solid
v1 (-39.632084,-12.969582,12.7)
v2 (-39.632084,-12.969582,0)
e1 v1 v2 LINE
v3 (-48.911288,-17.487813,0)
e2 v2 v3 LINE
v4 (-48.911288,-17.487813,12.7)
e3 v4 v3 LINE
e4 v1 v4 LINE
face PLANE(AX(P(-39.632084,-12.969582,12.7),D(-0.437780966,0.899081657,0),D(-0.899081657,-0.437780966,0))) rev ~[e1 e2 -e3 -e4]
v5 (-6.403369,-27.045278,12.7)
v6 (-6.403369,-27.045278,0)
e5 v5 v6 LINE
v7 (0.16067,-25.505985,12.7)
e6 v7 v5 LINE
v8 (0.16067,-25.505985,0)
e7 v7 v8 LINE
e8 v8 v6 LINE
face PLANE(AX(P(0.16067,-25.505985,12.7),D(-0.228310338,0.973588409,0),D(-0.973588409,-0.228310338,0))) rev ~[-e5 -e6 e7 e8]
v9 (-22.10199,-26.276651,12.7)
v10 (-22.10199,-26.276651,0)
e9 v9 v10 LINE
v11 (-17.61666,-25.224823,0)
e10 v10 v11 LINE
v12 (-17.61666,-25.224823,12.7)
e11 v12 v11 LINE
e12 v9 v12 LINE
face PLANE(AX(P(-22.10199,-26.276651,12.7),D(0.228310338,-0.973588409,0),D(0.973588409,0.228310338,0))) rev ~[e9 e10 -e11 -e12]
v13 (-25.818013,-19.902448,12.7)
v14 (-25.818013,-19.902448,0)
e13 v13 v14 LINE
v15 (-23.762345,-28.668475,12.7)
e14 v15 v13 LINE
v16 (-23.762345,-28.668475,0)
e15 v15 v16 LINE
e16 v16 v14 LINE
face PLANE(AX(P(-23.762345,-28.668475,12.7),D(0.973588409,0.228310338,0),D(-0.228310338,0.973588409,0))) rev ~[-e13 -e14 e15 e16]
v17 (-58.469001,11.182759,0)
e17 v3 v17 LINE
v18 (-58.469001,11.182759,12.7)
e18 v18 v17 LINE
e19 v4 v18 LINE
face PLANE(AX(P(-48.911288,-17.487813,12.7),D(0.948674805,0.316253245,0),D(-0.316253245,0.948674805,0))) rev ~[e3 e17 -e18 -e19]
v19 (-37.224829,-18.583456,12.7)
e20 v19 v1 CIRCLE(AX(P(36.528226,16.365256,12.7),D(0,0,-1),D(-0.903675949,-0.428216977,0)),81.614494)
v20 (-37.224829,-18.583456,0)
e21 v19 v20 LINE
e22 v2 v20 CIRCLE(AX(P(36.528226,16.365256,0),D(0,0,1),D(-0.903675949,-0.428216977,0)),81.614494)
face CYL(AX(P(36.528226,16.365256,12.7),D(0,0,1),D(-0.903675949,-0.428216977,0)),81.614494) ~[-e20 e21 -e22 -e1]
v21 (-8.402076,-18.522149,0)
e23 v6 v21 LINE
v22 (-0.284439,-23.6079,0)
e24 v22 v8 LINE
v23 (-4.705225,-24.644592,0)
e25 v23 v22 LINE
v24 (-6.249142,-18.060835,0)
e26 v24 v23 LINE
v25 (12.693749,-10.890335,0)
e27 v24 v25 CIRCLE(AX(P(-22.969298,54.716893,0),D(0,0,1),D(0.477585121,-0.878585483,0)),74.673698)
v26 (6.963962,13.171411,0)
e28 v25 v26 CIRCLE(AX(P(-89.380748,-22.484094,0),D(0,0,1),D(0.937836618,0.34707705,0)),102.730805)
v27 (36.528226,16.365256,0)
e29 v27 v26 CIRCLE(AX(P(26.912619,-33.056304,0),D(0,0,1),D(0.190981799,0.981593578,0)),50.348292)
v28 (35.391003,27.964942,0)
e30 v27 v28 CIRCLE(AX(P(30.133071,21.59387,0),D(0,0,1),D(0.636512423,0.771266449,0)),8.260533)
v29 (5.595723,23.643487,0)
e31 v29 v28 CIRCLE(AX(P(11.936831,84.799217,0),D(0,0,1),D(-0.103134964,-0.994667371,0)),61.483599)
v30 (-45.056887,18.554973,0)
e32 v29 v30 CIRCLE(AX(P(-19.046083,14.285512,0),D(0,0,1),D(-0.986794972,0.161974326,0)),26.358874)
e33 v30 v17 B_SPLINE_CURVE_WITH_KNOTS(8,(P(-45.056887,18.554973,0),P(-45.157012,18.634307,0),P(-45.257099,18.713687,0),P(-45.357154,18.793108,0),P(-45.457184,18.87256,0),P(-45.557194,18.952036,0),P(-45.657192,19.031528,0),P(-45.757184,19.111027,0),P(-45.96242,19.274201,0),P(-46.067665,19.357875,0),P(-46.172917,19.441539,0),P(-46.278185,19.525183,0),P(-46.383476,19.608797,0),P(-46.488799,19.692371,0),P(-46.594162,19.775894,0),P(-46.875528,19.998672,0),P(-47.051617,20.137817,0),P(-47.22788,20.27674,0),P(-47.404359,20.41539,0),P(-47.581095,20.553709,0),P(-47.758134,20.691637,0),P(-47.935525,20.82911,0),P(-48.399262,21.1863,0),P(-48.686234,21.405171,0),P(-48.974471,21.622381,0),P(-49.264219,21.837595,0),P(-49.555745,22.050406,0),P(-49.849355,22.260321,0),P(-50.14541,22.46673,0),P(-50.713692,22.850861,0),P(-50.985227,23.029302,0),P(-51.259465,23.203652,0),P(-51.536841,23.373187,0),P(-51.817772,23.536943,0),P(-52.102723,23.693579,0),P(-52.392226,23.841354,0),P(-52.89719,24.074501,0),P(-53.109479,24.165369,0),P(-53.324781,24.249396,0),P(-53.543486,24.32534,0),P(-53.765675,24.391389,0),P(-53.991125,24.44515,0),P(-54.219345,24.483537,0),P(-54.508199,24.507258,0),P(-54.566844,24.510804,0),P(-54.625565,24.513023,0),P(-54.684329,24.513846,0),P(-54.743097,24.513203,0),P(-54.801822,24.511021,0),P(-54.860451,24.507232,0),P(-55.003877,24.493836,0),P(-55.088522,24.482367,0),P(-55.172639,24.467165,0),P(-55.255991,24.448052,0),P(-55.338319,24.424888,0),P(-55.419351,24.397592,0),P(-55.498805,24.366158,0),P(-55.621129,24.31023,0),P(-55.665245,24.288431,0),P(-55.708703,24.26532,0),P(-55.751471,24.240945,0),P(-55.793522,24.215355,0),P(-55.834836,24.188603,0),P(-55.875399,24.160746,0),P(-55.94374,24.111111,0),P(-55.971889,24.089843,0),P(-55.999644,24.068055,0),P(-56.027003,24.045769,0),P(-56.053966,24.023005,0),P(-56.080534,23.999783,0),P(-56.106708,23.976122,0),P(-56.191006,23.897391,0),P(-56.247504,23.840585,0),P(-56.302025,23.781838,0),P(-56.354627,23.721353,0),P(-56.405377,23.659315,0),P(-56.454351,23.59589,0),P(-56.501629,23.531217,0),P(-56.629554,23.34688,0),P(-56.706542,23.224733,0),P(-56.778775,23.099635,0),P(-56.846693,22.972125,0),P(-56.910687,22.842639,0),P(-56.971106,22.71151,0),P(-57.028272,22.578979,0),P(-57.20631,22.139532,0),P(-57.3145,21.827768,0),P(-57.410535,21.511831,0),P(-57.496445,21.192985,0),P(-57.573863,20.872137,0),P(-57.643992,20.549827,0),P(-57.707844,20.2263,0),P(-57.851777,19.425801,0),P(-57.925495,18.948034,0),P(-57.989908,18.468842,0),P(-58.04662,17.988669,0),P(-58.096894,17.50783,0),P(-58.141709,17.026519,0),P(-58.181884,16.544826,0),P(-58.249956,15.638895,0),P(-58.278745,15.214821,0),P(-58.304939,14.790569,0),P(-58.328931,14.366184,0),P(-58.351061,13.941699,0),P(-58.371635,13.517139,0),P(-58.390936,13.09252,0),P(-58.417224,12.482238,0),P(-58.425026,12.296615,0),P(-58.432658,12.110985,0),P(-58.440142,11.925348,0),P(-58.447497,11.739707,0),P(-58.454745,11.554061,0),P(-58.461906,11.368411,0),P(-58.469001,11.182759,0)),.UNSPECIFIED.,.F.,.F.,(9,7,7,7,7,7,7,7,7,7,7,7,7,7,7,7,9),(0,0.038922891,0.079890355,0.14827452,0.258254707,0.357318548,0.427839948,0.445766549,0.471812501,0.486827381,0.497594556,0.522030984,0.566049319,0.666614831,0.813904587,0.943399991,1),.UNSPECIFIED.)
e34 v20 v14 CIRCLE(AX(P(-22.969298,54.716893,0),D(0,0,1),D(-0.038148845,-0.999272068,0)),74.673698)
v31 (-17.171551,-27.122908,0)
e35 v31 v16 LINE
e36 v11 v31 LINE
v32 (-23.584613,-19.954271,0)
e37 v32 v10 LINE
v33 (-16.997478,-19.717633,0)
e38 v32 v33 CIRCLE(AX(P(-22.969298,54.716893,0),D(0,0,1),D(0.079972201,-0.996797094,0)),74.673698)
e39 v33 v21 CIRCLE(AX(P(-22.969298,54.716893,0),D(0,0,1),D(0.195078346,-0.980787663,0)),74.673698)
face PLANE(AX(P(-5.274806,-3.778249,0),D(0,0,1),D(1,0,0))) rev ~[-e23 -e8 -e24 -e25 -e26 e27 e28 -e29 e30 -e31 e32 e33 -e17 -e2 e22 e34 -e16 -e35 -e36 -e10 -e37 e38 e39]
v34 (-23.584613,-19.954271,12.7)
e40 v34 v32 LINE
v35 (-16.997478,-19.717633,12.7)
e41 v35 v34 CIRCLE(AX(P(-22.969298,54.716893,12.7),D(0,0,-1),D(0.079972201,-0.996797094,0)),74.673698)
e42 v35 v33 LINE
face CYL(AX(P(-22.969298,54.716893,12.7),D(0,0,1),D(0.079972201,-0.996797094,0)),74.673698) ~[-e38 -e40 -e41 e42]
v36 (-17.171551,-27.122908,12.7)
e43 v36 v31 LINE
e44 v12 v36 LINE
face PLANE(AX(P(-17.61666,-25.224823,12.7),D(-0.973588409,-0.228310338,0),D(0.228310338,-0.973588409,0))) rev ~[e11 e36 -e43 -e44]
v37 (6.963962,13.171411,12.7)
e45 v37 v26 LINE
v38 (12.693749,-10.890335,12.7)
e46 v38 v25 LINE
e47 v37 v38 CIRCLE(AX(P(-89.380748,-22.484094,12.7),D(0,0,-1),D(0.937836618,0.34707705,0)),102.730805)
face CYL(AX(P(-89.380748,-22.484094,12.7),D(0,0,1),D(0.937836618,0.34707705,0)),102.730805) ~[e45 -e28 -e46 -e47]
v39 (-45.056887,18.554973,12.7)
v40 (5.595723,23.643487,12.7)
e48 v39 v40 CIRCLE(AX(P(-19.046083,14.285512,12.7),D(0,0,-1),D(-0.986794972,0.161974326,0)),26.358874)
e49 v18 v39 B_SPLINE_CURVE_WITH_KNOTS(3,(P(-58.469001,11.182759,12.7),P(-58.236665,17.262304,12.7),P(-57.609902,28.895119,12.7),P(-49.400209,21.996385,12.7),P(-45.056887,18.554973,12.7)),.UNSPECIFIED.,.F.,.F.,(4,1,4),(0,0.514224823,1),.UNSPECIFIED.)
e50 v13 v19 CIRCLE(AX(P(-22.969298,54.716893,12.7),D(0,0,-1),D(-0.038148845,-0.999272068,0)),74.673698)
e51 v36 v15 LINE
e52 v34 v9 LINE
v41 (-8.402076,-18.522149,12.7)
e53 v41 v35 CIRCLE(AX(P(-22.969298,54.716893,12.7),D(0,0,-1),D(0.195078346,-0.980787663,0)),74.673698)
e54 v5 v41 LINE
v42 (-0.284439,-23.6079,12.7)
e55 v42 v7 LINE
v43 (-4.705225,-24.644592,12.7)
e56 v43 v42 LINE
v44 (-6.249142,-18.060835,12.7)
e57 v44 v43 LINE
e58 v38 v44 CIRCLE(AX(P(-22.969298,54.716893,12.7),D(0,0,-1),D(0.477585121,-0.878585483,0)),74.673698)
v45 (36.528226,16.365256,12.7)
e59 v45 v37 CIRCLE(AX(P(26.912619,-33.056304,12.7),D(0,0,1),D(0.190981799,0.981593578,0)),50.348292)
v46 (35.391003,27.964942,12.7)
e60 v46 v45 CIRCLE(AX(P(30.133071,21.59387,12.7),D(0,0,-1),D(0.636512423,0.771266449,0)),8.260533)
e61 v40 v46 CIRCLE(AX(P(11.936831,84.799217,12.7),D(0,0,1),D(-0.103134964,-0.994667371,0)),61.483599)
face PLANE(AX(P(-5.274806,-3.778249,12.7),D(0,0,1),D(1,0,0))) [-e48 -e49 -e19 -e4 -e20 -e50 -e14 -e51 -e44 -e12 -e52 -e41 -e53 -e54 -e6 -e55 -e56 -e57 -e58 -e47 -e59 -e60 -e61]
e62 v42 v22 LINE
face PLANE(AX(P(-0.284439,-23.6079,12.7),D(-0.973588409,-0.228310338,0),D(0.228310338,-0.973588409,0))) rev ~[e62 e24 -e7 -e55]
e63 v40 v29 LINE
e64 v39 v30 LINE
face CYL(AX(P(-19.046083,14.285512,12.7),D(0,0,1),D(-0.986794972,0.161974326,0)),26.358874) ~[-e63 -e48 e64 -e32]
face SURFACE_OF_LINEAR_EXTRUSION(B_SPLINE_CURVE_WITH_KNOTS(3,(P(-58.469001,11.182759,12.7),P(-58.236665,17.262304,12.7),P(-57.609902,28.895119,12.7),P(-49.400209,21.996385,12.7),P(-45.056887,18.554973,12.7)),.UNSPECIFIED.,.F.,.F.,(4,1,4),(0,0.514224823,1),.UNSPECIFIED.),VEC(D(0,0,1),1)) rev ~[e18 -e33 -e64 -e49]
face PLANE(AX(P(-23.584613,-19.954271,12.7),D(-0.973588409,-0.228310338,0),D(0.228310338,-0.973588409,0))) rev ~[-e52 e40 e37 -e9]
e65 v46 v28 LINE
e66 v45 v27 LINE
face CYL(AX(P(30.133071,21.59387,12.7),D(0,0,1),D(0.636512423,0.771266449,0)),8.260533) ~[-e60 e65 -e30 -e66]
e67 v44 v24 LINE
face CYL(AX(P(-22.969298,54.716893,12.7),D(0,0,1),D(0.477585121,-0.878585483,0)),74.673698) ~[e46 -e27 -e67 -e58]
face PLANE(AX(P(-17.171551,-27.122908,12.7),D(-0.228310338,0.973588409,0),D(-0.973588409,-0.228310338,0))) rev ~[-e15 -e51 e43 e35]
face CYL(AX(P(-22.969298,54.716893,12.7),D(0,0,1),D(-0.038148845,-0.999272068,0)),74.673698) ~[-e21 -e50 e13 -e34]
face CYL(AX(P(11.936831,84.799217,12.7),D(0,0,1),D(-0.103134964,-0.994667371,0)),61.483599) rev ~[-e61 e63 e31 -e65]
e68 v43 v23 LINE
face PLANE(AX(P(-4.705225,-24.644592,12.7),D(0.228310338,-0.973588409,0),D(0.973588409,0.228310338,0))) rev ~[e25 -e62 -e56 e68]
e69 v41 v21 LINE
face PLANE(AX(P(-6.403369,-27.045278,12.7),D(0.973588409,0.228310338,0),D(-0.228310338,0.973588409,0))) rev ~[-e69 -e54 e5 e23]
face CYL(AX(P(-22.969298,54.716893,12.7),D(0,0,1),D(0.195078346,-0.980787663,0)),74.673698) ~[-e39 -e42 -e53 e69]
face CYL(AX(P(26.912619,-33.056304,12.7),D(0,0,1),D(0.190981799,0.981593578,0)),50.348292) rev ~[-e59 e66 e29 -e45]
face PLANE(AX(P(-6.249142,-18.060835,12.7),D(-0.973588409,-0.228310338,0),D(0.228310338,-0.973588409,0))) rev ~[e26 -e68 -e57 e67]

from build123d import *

# Parameters (mm, degrees)
F0_W     = 127
F0_H     = 127
F1_DEPTH = 12.7
F2_W     = 127
F2_H     = 127
F3_DEPTH = 25.4


with BuildPart() as f1:
    # F0 (on Top) → F1 (new body)
    with BuildSketch(Plane.XY):
        with Locations((-5.2748060389, -3.7782490253)):
            Rectangle(F0_W, F0_H)
    extrude(amount=F1_DEPTH)

    # F2 (on face) → F3 (cut)
    with BuildSketch(Plane.XY.offset(12.7)):
        with Locations((-5.2748060389, -3.7782490253)):
            Rectangle(F2_W, F2_H)
        with BuildLine():
            ThreePointArc((-45.0568873794, 18.5549733723), (-21.680808978, 40.5123780124), (5.5957227014, 23.6434871331))
            ThreePointArc((5.5957227014, 23.6434871331), (20.7619644282, 23.9522780163), (35.3910028934, 27.9649421573))
            ThreePointArc((35.3910028934, 27.9649421573), (38.3541893018, 22.3998611891), (36.5282259881, 16.3652561605))
            ThreePointArc((36.5282259881, 16.3652561605), (21.5049263239, 17.0007372687), (6.9639624681, 13.1714110634))
            ThreePointArc((6.9639624681, 13.1714110634), (10.555668828, 1.3136130229), (12.6937493314, -10.8903347278))
            ThreePointArc((12.6937493314, -10.8903347278), (6.4730682144, -13.9075075331), (0, -16.3364153508))
            ThreePointArc((0, -16.3364153508), (-3.1058492811, -17.2664709372), (-6.2491420152, -18.060834795))
            Line((-6.2491420152, -18.060834795), (-4.7052248427, -24.6445921262))
            Line((-4.7052248427, -24.6445921262), (-0.2844387127, -23.6079002679))
            Line((-0.2844387127, -23.6079002679), (0.160669737, -25.505985263))
            Line((0.160669737, -25.505985263), (-6.4033689389, -27.0452783327))
            Line((-6.4033689389, -27.0452783327), (-8.4020764283, -18.5221494234))
            ThreePointArc((-8.4020764283, -18.5221494234), (-12.6823960096, -19.2448601378), (-16.9974779801, -19.7176328979))
            ThreePointArc((-16.9974779801, -19.7176328979), (-20.2884334166, -19.9086672669), (-23.5846133504, -19.9542705577))
            Line((-23.5846133504, -19.9542705577), (-22.1019901652, -26.276650695))
            Line((-22.1019901652, -26.276650695), (-17.6166596284, -25.2248229177))
            Line((-17.6166596284, -25.2248229177), (-17.1715511787, -27.1229079127))
            Line((-17.1715511787, -27.1229079127), (-23.7623452954, -28.6684752393))
            Line((-23.7623452954, -28.6684752393), (-25.8180133273, -19.9024483329))
            ThreePointArc((-25.8180133273, -19.9024483329), (-31.5468119996, -19.4625349649), (-37.2248290455, -18.5834556595))
            ThreePointArc((-37.2248290455, -18.5834556595), (-38.4809946553, -15.7990470828), (-39.6320844368, -12.9695815014))
            Line((-39.6320844368, -12.9695815014), (-48.9112883806, -17.4878127873))
            Line((-48.9112883806, -17.4878127873), (-58.4690012038, 11.1827589571))
            add(Edge.make_bspline(
                [(-58.4690012038, 11.1827589571), (-58.2366652986, 17.2623036133), (-57.6099015071, 28.8951190176), (-49.4002085789, 21.9963852094), (-45.0568873794, 18.5549733723)],
                knots=[0, 0, 0, 0, 0.5142248233, 1, 1, 1, 1], degree=3))
        make_face(mode=Mode.SUBTRACT)
    extrude(amount=-F3_DEPTH, mode=Mode.SUBTRACT)


solid = f1.part
